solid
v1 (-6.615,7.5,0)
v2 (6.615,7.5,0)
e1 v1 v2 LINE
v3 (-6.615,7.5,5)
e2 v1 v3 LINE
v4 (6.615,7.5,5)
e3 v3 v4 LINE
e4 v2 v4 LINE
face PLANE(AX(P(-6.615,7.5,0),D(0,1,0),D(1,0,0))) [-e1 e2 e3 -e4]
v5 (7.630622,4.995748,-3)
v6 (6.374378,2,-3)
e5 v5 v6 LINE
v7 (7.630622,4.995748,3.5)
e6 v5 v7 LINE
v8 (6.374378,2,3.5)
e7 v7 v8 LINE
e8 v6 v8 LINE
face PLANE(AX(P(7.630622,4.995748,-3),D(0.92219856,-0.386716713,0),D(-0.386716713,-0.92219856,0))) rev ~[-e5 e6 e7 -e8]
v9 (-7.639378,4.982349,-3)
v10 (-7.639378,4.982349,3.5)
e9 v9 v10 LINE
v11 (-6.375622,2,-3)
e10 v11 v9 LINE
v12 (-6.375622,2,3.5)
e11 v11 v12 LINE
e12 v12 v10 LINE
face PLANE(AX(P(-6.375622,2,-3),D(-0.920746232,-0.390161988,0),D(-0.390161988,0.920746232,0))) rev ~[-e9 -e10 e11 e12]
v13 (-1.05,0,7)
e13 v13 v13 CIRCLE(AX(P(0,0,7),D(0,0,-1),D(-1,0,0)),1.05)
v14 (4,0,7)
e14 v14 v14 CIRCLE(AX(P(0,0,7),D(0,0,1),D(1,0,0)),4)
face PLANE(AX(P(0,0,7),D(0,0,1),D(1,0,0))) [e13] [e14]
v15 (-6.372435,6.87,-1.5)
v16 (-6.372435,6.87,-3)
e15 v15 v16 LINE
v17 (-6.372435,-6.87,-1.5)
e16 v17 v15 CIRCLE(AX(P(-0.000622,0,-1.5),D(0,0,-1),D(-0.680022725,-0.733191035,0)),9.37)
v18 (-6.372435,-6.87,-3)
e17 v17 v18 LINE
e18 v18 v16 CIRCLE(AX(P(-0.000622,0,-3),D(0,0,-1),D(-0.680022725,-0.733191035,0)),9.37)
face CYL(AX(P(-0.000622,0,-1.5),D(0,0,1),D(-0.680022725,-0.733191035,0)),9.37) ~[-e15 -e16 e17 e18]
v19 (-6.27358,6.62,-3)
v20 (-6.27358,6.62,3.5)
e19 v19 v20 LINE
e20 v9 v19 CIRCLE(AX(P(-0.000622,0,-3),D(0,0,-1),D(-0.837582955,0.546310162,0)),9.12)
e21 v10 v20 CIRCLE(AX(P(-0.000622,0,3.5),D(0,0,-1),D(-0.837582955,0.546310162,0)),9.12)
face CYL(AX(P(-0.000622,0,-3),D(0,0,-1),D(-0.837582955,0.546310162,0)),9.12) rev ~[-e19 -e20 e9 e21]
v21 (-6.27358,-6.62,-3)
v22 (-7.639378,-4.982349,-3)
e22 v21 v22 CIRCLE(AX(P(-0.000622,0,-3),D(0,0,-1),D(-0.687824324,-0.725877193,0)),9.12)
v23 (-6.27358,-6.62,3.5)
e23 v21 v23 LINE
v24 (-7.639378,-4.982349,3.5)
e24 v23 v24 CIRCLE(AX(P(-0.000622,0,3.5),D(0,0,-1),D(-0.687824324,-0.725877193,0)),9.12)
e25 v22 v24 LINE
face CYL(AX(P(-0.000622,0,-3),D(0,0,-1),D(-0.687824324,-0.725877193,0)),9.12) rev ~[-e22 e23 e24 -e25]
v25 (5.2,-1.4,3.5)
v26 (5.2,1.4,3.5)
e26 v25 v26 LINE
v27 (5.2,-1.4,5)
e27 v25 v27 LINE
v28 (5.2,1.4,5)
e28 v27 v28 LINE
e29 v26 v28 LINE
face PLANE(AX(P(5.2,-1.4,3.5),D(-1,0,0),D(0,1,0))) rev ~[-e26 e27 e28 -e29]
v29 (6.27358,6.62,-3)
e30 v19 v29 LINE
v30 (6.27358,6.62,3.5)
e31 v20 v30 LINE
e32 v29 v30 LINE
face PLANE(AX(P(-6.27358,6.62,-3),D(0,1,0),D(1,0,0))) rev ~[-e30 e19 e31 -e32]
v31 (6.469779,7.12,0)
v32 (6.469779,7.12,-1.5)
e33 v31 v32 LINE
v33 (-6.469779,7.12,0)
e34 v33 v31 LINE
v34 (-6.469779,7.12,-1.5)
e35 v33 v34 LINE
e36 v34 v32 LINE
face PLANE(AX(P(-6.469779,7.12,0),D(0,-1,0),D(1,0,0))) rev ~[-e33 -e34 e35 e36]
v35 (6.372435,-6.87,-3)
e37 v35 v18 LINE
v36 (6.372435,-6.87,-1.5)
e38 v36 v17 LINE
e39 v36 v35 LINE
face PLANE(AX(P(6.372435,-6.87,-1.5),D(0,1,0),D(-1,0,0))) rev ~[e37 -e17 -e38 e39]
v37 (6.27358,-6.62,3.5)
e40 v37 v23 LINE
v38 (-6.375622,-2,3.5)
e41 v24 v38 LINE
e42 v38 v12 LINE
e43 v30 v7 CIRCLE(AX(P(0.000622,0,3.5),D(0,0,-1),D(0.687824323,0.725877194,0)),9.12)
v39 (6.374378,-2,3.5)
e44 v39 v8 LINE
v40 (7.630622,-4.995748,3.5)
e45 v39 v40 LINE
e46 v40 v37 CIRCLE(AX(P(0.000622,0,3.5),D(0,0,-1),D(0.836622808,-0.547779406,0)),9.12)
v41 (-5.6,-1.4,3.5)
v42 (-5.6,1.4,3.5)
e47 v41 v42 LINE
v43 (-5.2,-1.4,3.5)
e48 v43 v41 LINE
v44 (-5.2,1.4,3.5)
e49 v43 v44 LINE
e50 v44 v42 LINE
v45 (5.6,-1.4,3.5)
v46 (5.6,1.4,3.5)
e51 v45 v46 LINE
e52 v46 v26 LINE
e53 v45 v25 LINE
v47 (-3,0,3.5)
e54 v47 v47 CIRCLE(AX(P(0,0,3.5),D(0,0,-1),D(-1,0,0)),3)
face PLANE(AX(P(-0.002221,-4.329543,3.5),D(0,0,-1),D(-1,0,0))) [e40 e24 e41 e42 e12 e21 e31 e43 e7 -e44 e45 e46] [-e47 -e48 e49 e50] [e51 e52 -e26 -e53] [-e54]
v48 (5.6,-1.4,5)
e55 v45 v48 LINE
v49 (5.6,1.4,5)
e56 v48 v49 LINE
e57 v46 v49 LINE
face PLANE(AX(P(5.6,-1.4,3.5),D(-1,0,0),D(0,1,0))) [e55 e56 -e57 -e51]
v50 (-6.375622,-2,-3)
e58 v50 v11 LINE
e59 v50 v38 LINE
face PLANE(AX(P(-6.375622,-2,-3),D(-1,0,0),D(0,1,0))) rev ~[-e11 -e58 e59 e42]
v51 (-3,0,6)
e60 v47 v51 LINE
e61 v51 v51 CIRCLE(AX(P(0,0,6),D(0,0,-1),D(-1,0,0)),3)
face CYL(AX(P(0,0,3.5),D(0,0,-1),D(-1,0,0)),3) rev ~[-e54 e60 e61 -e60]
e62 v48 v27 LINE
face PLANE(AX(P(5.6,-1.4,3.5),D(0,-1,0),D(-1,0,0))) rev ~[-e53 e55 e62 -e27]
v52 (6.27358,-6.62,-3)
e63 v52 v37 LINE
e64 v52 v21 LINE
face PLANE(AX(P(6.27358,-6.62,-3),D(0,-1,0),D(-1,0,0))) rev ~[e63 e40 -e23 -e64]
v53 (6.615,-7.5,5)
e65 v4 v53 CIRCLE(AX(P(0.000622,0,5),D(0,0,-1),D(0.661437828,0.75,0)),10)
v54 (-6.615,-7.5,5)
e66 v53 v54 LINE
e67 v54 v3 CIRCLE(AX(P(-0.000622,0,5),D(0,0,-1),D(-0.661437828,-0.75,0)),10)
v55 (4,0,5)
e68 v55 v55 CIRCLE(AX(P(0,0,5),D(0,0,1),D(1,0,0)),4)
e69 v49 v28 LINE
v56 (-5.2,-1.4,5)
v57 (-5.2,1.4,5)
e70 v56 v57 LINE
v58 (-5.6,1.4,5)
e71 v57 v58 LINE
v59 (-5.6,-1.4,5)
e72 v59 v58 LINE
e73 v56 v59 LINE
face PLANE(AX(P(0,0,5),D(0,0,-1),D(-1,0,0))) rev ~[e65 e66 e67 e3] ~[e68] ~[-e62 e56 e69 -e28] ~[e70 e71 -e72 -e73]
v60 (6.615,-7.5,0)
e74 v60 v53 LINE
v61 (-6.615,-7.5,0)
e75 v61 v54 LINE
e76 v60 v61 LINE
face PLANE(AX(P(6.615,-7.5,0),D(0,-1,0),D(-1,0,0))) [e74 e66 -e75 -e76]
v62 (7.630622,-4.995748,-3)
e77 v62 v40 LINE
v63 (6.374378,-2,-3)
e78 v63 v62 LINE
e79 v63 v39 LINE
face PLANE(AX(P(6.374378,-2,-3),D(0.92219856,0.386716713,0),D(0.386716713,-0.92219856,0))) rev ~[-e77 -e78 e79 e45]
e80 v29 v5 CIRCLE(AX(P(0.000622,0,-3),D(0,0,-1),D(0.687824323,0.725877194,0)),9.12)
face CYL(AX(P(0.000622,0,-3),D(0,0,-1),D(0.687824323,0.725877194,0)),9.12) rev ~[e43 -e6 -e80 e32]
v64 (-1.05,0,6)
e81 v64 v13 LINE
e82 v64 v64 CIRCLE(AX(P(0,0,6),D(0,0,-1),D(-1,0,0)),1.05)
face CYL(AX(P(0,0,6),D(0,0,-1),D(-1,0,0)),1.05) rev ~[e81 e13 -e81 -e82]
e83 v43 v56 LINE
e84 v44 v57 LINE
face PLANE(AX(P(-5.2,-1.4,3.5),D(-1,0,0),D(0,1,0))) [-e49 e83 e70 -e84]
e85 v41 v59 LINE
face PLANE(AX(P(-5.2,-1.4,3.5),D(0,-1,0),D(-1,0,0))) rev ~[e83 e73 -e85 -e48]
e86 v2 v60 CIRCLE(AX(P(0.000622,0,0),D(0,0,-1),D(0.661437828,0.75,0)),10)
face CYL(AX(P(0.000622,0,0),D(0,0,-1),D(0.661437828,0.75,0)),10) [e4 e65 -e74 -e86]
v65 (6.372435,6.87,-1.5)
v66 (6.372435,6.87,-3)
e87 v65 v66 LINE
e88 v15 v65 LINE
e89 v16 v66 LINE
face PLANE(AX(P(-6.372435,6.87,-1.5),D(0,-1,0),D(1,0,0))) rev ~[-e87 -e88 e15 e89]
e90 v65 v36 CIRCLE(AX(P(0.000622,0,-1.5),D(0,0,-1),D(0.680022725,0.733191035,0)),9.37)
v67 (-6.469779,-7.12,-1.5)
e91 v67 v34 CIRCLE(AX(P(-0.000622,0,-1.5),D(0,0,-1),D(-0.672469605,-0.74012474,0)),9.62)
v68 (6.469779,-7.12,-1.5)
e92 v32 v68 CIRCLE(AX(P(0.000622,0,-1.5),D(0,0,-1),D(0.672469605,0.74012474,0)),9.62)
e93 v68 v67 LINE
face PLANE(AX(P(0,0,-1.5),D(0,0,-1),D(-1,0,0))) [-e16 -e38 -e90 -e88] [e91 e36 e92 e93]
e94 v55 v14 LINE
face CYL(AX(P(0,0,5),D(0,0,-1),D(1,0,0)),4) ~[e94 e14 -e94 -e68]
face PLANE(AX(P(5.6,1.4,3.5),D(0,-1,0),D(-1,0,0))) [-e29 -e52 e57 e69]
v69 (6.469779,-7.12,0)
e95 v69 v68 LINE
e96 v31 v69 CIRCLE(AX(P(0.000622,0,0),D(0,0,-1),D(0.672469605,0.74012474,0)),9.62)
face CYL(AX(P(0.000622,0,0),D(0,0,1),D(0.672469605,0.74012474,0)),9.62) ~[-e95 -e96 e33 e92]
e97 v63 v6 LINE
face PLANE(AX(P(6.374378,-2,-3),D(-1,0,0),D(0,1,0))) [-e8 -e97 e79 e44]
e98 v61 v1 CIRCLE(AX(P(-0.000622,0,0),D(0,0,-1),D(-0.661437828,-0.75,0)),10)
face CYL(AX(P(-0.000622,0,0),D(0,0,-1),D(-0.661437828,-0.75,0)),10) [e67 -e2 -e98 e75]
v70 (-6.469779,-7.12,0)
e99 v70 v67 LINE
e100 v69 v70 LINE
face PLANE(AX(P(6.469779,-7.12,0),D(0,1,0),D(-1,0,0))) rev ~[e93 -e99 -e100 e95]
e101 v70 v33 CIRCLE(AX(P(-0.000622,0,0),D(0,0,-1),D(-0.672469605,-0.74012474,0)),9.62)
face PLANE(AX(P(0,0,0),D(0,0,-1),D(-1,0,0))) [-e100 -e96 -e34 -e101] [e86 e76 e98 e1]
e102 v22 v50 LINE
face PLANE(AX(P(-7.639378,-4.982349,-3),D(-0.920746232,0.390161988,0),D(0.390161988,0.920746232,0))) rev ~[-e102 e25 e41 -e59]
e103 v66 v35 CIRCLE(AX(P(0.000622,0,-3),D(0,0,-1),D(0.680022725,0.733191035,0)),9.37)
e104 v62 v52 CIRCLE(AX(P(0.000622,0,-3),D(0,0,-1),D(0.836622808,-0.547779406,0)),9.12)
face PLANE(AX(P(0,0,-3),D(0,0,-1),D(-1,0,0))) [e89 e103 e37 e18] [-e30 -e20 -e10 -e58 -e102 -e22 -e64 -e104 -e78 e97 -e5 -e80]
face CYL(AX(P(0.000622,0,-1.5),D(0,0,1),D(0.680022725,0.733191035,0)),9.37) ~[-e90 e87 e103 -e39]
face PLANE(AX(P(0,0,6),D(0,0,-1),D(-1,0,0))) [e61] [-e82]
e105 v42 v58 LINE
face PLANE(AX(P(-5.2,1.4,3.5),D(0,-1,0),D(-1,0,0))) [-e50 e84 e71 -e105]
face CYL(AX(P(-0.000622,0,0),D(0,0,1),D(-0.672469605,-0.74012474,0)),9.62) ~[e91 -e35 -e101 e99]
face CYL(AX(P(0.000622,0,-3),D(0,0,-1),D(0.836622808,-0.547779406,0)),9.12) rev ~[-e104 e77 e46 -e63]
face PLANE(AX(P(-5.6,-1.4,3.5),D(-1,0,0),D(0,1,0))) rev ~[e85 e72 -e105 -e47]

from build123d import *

# Parameters (mm, degrees)
BOSS_EXTRUDE1_DEPTH = 5
SKETCH2_R           = 4
BOSS_EXTRUDE2_DEPTH = 2
BOSS_EXTRUDE3_DEPTH = 1.5
BOSS_EXTRUDE4_DEPTH = 1.5
SKETCH5_W           = 12.75
SKETCH5_H           = 4
CUT_EXTRUDE1_DEPTH  = 6.5
SKETCH6_R           = 3
CUT_EXTRUDE2_DEPTH  = 2.5
SKETCH7_R           = 1.05
CUT_EXTRUDE3_DEPTH  = 2.5
SKETCH8_W           = 0.4
SKETCH8_H           = 2.8
CUT_EXTRUDE4_DEPTH  = 2.5


with BuildPart() as part:
    # Sketch1 → Boss-Extrude1 (new body)
    with BuildSketch(Plane.XY):
        with BuildLine():
            Line((-6.615, 7.5), (6.615, 7.5))
            ThreePointArc((6.615, 7.5), (10.000621722, 0), (6.615, -7.5))
            Line((6.615, -7.5), (-6.615, -7.5))
            ThreePointArc((-6.615, -7.5), (-10.000621722, 0), (-6.615, 7.5))
        make_face()
    extrude(amount=BOSS_EXTRUDE1_DEPTH)

    # Sketch2 → Boss-Extrude2 (add)
    with BuildSketch(Plane.XY.offset(5)):
        Circle(SKETCH2_R)
    extrude(amount=BOSS_EXTRUDE2_DEPTH)

    # Sketch3 → Boss-Extrude3 (add)
    with BuildSketch(Plane(origin=(0, 0, 0), x_dir=(-1, 0, 0), z_dir=(0, 0, -1))):
        with BuildLine():
            Line((-6.469779318, -7.12), (6.469779318, -7.12))
            ThreePointArc((6.469779318, -7.12), (9.620621722, 0), (6.469779318, 7.12))
            Line((6.469779318, 7.12), (-6.469779318, 7.12))
            ThreePointArc((-6.469779318, 7.12), (-9.620621722, 0), (-6.469779318, -7.12))
        make_face()
    extrude(amount=BOSS_EXTRUDE3_DEPTH)

    # Sketch4 → Boss-Extrude4 (add)
    with BuildSketch(Plane(origin=(0, 0, -1.5), x_dir=(-1, 0, 0), z_dir=(0, 0, -1))):
        with BuildLine():
            Line((-6.372434651, -6.87), (6.372434651, -6.87))
            ThreePointArc((6.372434651, -6.87), (9.370621722, 0), (6.372434651, 6.87))
            Line((6.372434651, 6.87), (-6.372434651, 6.87))
            ThreePointArc((-6.372434651, 6.87), (-9.370621722, 0), (-6.372434651, -6.87))
        make_face()
    extrude(amount=BOSS_EXTRUDE4_DEPTH)

    # Sketch5 → Cut-Extrude1 (cut)
    with BuildSketch(Plane(origin=(0, 0, -3), x_dir=(-1, 0, 0), z_dir=(0, 0, -1))):
        with BuildLine():
            Line((-6.374378278, -2), (-7.630621722, -4.995748192))
            ThreePointArc((-7.630621722, -4.995748192), (-6.9993793, -5.847374828), (-6.273579557, -6.62))
            Line((-6.273579557, -6.62), (6.273579557, -6.62))
            ThreePointArc((6.273579557, -6.62), (7.004508128, -5.841230625), (7.639378278, -4.982348672))
            Line((7.639378278, -4.982348672), (6.375621722, -2))
            Line((6.375621722, -2), (-6.374378278, -2))
        make_face()
        with Locations((0.000621722, 0)):
            Rectangle(SKETCH5_W, SKETCH5_H)
        with BuildLine():
            Line((6.375621722, 2), (7.639378278, 4.982348672))
            ThreePointArc((7.639378278, 4.982348672), (7.004508128, 5.841230625), (6.273579557, 6.62))
            Line((6.273579557, 6.62), (-6.273579557, 6.62))
            ThreePointArc((-6.273579557, 6.62), (-6.9993793, 5.847374828), (-7.630621722, 4.995748192))
            Line((-7.630621722, 4.995748192), (-6.374378278, 2))
            Line((-6.374378278, 2), (6.375621722, 2))
        make_face()
    extrude(amount=-CUT_EXTRUDE1_DEPTH, mode=Mode.SUBTRACT)

    # Sketch6 → Cut-Extrude2 (cut)
    with BuildSketch(Plane(origin=(0, 0, 3.5), x_dir=(-1, 0, 0), z_dir=(0, 0, -1))):
        Circle(SKETCH6_R)
    extrude(amount=-CUT_EXTRUDE2_DEPTH, mode=Mode.SUBTRACT)

    # Sketch7 → Cut-Extrude3 (cut)
    with BuildSketch(Plane(origin=(0, 0, 6), x_dir=(-1, 0, 0), z_dir=(0, 0, -1))):
        Circle(SKETCH7_R)
    extrude(amount=-CUT_EXTRUDE3_DEPTH, mode=Mode.SUBTRACT)

    # Sketch8 → Cut-Extrude4 (cut)
    with BuildSketch(Plane(origin=(0, 0, 3.5), x_dir=(-1, 0, 0), z_dir=(0, 0, -1))):
        with Locations((-5.4, 0)):
            Rectangle(SKETCH8_W, SKETCH8_H)
        with Locations((5.4, 0)):
            Rectangle(SKETCH8_W, SKETCH8_H)
    extrude(amount=-CUT_EXTRUDE4_DEPTH, mode=Mode.SUBTRACT)


solid = part.part
